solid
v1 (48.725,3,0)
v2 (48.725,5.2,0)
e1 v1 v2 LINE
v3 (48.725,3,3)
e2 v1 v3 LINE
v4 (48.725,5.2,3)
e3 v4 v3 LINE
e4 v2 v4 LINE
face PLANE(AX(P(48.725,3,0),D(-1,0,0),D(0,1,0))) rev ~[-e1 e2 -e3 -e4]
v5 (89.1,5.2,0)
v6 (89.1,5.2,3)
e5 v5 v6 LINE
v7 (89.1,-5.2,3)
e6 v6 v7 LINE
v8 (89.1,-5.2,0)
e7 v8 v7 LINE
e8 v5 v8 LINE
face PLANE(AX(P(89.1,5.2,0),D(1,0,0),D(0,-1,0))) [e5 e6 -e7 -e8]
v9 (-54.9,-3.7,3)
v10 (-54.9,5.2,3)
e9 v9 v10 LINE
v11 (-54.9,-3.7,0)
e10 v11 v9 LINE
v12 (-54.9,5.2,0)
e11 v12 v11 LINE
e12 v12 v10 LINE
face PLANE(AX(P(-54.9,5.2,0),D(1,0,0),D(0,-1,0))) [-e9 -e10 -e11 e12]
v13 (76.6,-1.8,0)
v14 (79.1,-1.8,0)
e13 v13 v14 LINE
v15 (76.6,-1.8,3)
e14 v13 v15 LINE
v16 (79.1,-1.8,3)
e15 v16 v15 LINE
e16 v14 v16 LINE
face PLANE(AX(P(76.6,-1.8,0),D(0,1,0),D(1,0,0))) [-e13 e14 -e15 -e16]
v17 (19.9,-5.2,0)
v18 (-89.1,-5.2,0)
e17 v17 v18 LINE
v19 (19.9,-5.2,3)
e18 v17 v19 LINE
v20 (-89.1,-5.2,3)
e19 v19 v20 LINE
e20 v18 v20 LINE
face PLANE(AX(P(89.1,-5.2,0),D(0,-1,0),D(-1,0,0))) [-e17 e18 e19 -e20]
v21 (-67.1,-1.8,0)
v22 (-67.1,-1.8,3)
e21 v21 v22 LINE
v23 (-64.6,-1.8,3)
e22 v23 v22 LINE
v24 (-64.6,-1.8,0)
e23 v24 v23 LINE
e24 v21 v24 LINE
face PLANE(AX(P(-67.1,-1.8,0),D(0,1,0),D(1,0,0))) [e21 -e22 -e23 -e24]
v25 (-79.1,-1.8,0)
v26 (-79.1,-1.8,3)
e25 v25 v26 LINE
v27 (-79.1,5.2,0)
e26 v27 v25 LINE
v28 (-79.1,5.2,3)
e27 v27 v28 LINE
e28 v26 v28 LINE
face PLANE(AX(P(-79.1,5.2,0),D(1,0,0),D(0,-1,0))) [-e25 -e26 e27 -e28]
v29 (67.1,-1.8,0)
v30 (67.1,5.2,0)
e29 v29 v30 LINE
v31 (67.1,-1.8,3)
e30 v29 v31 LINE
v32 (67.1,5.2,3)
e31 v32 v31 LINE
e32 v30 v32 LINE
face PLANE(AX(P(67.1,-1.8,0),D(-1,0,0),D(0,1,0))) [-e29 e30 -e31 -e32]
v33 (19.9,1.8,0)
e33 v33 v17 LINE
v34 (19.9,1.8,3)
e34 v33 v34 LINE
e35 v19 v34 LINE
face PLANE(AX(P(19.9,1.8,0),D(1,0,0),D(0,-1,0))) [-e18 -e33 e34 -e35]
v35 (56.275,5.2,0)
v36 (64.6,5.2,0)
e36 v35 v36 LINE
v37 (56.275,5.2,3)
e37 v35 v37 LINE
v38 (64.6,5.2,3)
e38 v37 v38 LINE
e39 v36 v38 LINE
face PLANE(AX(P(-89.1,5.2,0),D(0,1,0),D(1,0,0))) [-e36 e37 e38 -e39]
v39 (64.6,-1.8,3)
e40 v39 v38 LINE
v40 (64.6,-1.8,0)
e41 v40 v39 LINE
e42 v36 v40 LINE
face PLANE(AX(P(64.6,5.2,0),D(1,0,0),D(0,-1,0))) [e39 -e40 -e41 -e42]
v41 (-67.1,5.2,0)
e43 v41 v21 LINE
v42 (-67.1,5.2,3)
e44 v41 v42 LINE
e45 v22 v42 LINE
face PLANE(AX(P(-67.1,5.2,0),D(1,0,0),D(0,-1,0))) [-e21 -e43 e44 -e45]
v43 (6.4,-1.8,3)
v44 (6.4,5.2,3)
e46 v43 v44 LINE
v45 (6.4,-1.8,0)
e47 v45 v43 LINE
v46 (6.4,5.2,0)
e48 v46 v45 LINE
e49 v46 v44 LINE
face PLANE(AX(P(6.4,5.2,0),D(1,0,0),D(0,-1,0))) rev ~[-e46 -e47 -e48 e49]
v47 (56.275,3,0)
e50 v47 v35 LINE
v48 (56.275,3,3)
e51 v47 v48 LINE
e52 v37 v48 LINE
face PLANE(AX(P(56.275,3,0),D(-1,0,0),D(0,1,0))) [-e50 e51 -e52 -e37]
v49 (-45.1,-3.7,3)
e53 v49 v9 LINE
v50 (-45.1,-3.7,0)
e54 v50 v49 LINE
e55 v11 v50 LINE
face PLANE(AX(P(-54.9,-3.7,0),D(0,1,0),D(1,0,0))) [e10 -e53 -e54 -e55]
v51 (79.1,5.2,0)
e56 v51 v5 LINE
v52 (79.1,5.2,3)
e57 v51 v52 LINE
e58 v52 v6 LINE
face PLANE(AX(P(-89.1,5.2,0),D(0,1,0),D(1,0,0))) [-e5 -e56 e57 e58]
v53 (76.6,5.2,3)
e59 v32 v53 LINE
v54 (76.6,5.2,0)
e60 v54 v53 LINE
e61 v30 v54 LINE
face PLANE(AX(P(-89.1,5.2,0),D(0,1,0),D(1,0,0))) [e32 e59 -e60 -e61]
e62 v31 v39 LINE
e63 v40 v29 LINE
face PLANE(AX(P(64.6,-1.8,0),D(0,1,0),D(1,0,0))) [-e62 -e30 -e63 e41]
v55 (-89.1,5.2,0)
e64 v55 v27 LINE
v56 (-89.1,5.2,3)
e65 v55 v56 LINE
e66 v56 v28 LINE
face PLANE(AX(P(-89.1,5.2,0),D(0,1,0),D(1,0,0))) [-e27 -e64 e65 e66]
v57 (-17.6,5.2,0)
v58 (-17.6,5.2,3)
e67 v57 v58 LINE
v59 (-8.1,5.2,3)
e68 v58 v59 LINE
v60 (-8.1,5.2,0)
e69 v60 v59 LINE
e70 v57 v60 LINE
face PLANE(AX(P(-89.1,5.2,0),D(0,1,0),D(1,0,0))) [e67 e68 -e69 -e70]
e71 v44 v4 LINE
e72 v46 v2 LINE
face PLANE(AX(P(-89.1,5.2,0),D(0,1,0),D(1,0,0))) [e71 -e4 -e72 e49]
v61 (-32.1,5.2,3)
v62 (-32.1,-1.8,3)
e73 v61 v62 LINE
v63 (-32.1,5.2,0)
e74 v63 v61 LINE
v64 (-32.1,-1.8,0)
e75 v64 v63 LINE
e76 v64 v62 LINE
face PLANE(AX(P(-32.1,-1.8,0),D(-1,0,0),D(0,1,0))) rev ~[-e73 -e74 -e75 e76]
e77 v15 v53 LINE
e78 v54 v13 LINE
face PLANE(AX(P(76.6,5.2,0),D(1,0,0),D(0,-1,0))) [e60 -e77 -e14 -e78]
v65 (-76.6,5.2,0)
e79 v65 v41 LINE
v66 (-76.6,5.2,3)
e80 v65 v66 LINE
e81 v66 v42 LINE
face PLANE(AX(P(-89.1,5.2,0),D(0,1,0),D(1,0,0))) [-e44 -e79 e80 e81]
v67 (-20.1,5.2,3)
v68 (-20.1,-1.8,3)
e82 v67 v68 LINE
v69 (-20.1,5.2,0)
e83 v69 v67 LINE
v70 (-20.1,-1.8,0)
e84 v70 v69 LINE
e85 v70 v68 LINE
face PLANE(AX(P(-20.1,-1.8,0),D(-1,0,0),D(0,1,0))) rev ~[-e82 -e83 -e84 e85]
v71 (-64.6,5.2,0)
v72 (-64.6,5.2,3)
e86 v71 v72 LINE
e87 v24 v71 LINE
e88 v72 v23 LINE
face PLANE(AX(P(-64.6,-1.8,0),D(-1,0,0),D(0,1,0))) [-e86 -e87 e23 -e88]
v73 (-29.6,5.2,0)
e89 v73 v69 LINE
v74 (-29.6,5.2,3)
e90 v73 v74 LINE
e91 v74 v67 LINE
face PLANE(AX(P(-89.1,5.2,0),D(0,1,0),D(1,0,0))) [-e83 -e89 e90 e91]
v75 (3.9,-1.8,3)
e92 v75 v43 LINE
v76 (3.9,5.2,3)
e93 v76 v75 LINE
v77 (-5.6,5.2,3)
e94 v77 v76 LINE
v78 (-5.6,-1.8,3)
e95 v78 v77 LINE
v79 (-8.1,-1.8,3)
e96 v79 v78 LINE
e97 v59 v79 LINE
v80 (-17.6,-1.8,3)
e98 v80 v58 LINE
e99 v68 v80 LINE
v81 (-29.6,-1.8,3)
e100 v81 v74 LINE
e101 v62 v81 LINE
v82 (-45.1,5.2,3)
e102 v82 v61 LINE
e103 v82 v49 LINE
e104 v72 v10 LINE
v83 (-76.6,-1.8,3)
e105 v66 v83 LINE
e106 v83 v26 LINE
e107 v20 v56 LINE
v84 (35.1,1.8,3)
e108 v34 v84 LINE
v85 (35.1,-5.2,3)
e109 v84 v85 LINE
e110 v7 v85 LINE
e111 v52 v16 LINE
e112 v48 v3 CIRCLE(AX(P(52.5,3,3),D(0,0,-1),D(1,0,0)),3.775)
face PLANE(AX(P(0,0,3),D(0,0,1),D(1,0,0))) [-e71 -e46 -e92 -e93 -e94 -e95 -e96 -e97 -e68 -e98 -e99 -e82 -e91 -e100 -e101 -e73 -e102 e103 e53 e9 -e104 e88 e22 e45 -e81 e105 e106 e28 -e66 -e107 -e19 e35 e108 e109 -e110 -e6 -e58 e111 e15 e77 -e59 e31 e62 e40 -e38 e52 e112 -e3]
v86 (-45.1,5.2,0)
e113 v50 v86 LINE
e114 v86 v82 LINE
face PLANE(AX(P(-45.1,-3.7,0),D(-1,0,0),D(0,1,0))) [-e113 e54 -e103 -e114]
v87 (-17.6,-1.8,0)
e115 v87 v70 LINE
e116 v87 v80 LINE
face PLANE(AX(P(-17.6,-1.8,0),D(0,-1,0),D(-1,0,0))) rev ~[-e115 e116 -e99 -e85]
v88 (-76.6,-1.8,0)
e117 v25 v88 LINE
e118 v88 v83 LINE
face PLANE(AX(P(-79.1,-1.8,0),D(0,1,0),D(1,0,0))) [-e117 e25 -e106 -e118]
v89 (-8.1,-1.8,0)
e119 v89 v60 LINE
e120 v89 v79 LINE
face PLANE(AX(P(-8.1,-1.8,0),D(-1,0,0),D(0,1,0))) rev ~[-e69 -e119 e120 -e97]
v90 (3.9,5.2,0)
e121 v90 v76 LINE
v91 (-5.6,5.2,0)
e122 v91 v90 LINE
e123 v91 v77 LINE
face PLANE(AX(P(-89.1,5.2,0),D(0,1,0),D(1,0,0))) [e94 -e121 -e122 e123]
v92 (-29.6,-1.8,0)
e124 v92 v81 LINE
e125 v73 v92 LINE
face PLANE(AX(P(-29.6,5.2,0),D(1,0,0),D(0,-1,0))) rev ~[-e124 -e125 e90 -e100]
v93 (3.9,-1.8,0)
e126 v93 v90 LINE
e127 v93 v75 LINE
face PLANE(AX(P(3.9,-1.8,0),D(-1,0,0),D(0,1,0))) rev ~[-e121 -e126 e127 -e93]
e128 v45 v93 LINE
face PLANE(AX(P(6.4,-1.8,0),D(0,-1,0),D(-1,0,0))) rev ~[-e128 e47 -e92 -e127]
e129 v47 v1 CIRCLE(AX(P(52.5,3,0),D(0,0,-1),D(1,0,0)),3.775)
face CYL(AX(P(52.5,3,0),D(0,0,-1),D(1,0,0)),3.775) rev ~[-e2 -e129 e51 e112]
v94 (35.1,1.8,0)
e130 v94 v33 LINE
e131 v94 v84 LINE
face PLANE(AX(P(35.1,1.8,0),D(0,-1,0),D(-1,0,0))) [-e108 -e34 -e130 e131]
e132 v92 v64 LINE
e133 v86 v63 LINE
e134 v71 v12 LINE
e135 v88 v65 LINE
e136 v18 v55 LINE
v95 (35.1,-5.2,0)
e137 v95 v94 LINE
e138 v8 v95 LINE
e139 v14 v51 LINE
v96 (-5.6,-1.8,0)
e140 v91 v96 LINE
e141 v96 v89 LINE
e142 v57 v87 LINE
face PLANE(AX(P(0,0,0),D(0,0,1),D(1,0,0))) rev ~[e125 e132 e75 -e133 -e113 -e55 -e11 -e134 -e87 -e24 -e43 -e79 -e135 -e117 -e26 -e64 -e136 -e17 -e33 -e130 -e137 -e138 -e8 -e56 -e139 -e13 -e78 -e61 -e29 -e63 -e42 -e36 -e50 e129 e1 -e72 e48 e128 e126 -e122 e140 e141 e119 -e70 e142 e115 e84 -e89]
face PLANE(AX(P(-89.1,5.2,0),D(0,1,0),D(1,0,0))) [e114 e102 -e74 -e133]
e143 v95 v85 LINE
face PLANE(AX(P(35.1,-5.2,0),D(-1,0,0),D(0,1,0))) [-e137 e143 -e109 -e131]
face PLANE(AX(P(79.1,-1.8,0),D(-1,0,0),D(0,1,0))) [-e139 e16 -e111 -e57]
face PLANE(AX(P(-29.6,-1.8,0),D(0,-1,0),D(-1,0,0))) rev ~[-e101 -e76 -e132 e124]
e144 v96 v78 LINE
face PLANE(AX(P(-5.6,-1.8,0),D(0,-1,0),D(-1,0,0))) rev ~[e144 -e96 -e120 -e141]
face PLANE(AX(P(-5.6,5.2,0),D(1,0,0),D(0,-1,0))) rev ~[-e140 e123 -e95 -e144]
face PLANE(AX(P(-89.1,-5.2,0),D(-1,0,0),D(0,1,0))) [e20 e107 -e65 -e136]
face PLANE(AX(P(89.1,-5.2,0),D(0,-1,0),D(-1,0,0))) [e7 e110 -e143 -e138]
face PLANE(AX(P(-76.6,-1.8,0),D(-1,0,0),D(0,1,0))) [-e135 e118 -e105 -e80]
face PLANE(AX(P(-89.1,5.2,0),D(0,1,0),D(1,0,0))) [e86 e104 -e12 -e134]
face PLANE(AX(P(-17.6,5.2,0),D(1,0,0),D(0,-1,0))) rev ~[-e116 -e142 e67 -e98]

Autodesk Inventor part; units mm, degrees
ref_plane "YZ Plane" through (0, 0, 0) normal (1, 0, 0) x (0, 1, 0)
ref_plane "XZ Plane" through (0, 0, 0) normal (0, 1, 0) x (-1, 0, 0)
ref_plane "XY Plane" through (0, 0, 0) normal (0, 0, 1) x (1, 0, 0)
sketch "Sketch1" plane through (0, 0, 0) normal (0, 0, 1) x (1, 0, 0)
  line L0 (89.1, -5.2) -> (-89.1, -5.2)
  line L1 (-89.1, -5.2) -> (-89.1, 5.2)
  line L2 (-89.1, 5.2) -> (89.1, 5.2)
  line L3 (89.1, 5.2) -> (89.1, -5.2)
  line L4 (89.1, -5.2) -> (-89.1, 5.2) construction
  line L5 (-89.1, -5.2) -> (89.1, 5.2) construction
  point P0 (0, 0)
  dimension "d0" = 10.4
  dimension "d1" = 178.2
extrude "Extrusion1" add sketch "Sketch1" along normal blind 3
sketch "Sketch2" plane through (0, 0, 0) normal (0, 0, -1) x (-1, 0, 0)
  line L0 (-89.1, -5.2) -> (89.1, -5.2) projected
  line L1 (45.1, 5.2) -> (54.9, 5.2)
  line L2 (54.9, 5.2) -> (54.9, -3.7)
  line L3 (54.9, -3.7) -> (45.1, -3.7)
  line L4 (45.1, -3.7) -> (45.1, 5.2)
  line L5 (89.1, 5.2) -> (-89.1, 5.2) projected
  arc A0 (-56.275, 3) -> (-48.725, 3) centre (-52.5, 3) ccw
  line L6 (-56.275, 3) -> (-56.275, 5.2)
  line L7 (-48.725, 3) -> (-48.725, 5.2)
  line L8 (-56.275, 5.2) -> (-48.725, 5.2)
  arc A1 (-48.725, 3) -> (-56.275, 3) centre (-52.5, 3) ccw construction
  line L9 (-35.1, 1.8) -> (-19.9, 1.8)
  line L10 (-19.9, 1.8) -> (-19.9, -5.2)
  line L11 (-19.9, -5.2) -> (-35.1, -5.2)
  line L12 (-35.1, -5.2) -> (-35.1, 1.8)
  line L13 (89.1, -5.2) -> (-89.1, -5.2) projected
  point P0 (0, 0)
  point P1 (50, 2.9)
  point P2 (50, 5.2)
  point P3 (-27.5, -2.25)
  point P4 (-27.5, 1.8)
  dimension "d4" = 50
  dimension "d5" = 8.1
  dimension "d6" = 1.5
  dimension "d7" = 9.8
  dimension "d8" = 52.5
  dimension "d9" = 7.55
  dimension "d10" = 8.2
  dimension "d13" = 27.5
  dimension "d14" = 2.95
  dimension "d16" = 7
  dimension "d17" = 15.2
extrude "Extrusion2" cut sketch "Sketch2" against normal through all
sketch "Sketch3" plane through (0, 0, 0) normal (0, 0, -1) x (-1, 0, 0)
  line L0 (-56.275, 5.2) -> (-89.1, 5.2) projected
  line L1 (45.1, 5.2) -> (-48.725, 5.2) projected
  line L2 (89.1, 5.2) -> (54.9, 5.2) projected
  line L3 (-79.1, 5.2) -> (-76.6, 5.2)
  line L4 (-76.6, 5.2) -> (-76.6, -1.8)
  line L5 (-76.6, -1.8) -> (-79.1, -1.8)
  line L6 (-79.1, -1.8) -> (-79.1, 5.2)
  line L7 (-67.1, 5.2) -> (-64.6, 5.2)
  line L8 (-64.6, 5.2) -> (-64.6, -1.8)
  line L9 (-64.6, -1.8) -> (-67.1, -1.8)
  line L10 (-67.1, -1.8) -> (-67.1, 5.2)
  line L11 (-89.1, 5.2) -> (-89.1, -5.2) projected
  line L12 (64.6, 5.2) -> (67.1, 5.2)
  line L13 (67.1, 5.2) -> (67.1, -1.8)
  line L14 (67.1, -1.8) -> (64.6, -1.8)
  line L15 (64.6, -1.8) -> (64.6, 5.2)
  line L16 (76.6, 5.2) -> (79.1, 5.2)
  line L17 (79.1, 5.2) -> (79.1, -1.8)
  line L18 (79.1, -1.8) -> (76.6, -1.8)
  line L19 (76.6, -1.8) -> (76.6, 5.2)
  line L20 (89.1, -5.2) -> (89.1, 5.2) projected
  line L21 (32.1, 5.2) -> (29.6, 5.2)
  line L22 (29.6, 5.2) -> (29.6, -1.8)
  line L23 (29.6, -1.8) -> (32.1, -1.8)
  line L24 (32.1, -1.8) -> (32.1, 5.2)
  line L25 (20.1, 5.2) -> (17.6, 5.2)
  line L26 (17.6, 5.2) -> (17.6, -1.8)
  line L27 (17.6, -1.8) -> (20.1, -1.8)
  line L28 (20.1, -1.8) -> (20.1, 5.2)
  line L29 (8.1, 5.2) -> (5.6, 5.2)
  line L30 (5.6, 5.2) -> (5.6, -1.8)
  line L31 (5.6, -1.8) -> (8.1, -1.8)
  line L32 (8.1, -1.8) -> (8.1, 5.2)
  line L33 (-3.9, 5.2) -> (-6.4, 5.2)
  line L34 (-6.4, 5.2) -> (-6.4, -1.8)
  line L35 (-6.4, -1.8) -> (-3.9, -1.8)
  line L36 (-3.9, -1.8) -> (-3.9, 5.2)
  point P0 (0, 0)
  dimension "d18" = 2.5
  dimension "d19" = 10
  dimension "d21" = 7
  dimension "d24" = 12
  dimension "d25" = 10
  dimension "d26" = 12
  dimension "d28" = 12
  dimension "d29" = 12
  dimension "d30" = 35
  dimension "d31" = 12
extrude "Extrusion3" cut sketch "Sketch3" against normal through all
equation "\"d26\" = d24"
equation "\"d28\" = d31"
equation "\"d29\" = d31"
equation "\"d31\" = d24"
properties part number "Back"
